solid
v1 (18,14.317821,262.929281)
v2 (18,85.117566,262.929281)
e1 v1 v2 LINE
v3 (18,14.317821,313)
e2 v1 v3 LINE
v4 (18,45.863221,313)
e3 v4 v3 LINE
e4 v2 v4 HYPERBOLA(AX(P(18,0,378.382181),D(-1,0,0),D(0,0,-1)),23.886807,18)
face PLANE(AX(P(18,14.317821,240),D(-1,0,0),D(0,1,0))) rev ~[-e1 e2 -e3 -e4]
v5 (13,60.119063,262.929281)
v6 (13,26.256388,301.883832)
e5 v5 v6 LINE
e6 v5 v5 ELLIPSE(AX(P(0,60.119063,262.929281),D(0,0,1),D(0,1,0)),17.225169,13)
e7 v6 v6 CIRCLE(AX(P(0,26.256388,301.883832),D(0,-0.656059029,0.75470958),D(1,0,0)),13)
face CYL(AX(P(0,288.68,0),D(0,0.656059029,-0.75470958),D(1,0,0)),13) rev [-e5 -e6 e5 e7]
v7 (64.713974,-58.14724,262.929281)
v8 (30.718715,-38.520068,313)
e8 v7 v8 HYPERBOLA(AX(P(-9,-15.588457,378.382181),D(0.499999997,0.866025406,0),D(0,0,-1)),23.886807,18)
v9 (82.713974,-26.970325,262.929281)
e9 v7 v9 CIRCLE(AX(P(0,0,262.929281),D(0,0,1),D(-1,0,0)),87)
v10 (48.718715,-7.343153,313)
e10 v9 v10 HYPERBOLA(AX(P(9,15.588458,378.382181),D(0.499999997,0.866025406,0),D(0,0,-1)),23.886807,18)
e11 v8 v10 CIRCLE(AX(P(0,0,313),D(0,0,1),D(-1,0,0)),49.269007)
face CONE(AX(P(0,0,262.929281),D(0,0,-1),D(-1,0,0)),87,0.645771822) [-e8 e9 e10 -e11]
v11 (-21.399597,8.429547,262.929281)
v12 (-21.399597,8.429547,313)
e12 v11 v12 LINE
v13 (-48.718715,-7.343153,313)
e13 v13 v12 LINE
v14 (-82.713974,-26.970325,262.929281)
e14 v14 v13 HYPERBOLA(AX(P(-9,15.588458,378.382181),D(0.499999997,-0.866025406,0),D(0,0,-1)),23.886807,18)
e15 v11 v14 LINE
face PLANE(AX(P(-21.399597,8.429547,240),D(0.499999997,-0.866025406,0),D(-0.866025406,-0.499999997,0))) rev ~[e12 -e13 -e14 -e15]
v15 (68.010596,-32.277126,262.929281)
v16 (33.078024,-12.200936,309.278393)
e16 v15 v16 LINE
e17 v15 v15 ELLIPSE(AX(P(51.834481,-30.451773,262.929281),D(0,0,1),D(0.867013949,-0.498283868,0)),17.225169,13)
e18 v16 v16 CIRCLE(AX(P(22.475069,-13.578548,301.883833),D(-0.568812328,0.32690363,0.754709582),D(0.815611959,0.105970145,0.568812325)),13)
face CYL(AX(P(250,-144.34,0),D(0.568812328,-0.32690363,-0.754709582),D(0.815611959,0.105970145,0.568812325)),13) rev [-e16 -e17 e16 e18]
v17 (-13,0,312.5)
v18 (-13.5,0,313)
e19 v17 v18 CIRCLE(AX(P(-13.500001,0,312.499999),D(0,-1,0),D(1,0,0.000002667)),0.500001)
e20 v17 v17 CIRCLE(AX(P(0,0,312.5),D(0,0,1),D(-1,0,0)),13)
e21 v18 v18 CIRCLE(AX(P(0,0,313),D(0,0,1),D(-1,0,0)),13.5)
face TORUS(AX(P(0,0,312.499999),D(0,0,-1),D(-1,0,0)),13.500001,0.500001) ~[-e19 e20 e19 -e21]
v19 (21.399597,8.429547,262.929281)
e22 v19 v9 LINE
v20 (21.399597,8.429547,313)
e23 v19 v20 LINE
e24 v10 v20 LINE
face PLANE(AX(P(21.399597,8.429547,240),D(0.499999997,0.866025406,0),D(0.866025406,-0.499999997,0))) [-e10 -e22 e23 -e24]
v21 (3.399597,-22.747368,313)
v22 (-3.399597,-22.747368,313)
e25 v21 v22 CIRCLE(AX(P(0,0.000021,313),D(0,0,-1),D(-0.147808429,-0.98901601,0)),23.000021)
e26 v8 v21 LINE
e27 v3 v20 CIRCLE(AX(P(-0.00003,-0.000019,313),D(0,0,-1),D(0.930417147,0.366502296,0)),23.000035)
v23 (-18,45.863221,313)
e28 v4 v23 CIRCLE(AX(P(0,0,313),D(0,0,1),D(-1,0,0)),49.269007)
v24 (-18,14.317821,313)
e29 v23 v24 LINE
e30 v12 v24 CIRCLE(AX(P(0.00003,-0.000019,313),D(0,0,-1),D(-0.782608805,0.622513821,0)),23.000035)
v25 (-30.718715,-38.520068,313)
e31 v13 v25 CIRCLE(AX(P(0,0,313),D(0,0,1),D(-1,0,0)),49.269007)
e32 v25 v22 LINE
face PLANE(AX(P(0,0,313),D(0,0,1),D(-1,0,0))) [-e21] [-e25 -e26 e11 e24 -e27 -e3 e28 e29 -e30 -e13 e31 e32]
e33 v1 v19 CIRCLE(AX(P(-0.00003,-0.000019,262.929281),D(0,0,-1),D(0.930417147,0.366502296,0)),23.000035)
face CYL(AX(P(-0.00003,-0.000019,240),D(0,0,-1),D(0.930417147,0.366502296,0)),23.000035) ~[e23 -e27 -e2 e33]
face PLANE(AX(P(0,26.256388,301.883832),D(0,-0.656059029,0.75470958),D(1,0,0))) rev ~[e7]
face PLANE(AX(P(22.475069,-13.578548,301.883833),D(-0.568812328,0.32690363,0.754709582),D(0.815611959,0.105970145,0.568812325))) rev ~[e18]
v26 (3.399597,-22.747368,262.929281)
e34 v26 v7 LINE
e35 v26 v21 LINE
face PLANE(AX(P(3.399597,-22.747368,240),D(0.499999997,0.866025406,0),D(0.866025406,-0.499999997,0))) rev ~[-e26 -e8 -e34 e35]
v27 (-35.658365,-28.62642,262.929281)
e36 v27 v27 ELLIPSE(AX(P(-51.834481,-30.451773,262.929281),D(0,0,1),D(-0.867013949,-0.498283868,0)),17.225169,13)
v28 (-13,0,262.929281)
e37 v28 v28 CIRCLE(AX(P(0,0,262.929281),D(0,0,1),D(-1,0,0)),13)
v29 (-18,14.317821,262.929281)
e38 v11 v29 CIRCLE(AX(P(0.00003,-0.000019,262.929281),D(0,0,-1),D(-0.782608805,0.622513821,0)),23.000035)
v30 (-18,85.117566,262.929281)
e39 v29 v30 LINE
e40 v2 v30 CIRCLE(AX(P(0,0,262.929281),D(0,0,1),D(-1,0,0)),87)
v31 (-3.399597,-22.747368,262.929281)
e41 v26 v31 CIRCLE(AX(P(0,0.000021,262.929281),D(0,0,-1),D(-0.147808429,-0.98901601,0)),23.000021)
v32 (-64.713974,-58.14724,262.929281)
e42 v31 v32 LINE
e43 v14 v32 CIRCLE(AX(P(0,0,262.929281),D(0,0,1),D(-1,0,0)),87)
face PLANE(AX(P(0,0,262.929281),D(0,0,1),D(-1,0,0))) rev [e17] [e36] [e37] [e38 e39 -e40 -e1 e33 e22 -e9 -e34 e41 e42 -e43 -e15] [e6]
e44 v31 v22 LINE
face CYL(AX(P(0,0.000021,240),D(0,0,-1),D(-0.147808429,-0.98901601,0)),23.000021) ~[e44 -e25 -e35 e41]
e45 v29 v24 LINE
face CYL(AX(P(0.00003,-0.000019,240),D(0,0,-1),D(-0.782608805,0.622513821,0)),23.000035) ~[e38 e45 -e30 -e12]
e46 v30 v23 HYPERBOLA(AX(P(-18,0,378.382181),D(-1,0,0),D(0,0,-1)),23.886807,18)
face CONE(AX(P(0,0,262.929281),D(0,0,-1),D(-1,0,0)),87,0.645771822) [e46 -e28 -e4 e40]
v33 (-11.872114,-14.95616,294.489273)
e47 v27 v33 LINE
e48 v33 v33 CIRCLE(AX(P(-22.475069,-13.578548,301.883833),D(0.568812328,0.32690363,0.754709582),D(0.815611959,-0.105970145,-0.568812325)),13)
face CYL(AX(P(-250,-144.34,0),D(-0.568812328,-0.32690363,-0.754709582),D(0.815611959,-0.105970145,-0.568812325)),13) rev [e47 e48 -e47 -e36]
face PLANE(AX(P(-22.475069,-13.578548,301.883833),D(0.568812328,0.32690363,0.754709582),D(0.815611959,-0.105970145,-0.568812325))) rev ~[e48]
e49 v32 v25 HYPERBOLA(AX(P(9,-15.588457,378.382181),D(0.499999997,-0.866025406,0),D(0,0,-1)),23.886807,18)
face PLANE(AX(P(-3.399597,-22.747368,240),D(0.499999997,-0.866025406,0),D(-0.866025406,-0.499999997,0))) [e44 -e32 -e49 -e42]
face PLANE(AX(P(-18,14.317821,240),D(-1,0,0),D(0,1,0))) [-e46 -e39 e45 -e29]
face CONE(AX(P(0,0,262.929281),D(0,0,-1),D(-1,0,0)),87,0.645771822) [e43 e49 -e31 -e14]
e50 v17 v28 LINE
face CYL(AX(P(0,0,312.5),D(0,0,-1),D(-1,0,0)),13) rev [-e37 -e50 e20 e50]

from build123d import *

# Parameters (mm, degrees)
PAD003_DEPTH                = 100
PAD002_DEPTH                = 100
PAD001_DEPTH                = 100
CYLINDER009_R               = 13
CYLINDER009_DEPTH           = 400
CYLINDER009_ROLL_ANGLE      = -23.419924
CYLINDER009_PITCH_ANGLE     = -34.667447
CYLINDER009_PLACEMENT_ANGLE = 7.402808
CYLINDER012_R               = 13
CYLINDER012_DEPTH           = 400
CYLINDER012_PLACEMENT_ANGLE = 41
CYLINDER013_R               = 13
CYLINDER013_DEPTH           = 400
CYLINDER013_ROLL_ANGLE      = -23.419924
CYLINDER013_PITCH_ANGLE     = 34.667447
CYLINDER013_PLACEMENT_ANGLE = -7.402808


with BuildPart() as body004:
    # Sketch005 → Pad003 (new body)
    with BuildSketch(Plane.XY):
        with BuildLine():
            ThreePointArc((86.165943, -28.96332), (78.724727, 45.451743), (18, 89.103555))
            Line((18, 14.317821), (18, 89.103555))
            ThreePointArc((21.399597, 8.429547), (19.918584, 11.5), (18, 14.317821))
            Line((21.399597, 8.429547), (86.165943, -28.96332))
        make_face()
    extrude(amount=PAD003_DEPTH)


with BuildPart() as body003:
    # Sketch006 → Pad002 (new body)
    with BuildSketch(Plane.XY):
        with BuildLine():
            Line((-3.399597, -22.747368), (-68.165943, -60.140235))
            ThreePointArc((-68.165943, -60.140235), (0, -90.903485), (68.165943, -60.140235))
            Line((3.399597, -22.747368), (68.165943, -60.140235))
            ThreePointArc((-3.399597, -22.747368), (0, -23), (3.399597, -22.747368))
        make_face()
    extrude(amount=PAD002_DEPTH)


with BuildPart() as fusion002:
    # Sketch004 → Pad001 (new body)
    with BuildSketch(Plane.XY):
        with BuildLine():
            Line((-21.399597, 8.429547), (-86.165943, -28.96332))
            ThreePointArc((-18, 89.103555), (-78.724727, 45.451743), (-86.165943, -28.96332))
            Line((-18, 14.317821), (-18, 89.103555))
            ThreePointArc((-18, 14.317821), (-19.918584, 11.5), (-21.399597, 8.429547))
        make_face()
    extrude(amount=PAD001_DEPTH)

    # Fusion002: union Body004, Body003
    add(body004.part)
    add(body003.part)


with BuildPart() as fusion002_1:
    # Fusion002 placement: moved
    add(fusion002.part.moved(Location((0, 0, 240))))


with BuildPart() as cylinder009:
    # Cylinder009 → Cylinder009 (new body)
    with BuildSketch(Plane.XY):
        Circle(CYLINDER009_R)
    extrude(amount=CYLINDER009_DEPTH)


with BuildPart() as cylinder009_1:
    # Cylinder009 roll: moved
    add(cylinder009.part.rotate(Axis((0, 0, 0), (1, 0, 0)), CYLINDER009_ROLL_ANGLE))


with BuildPart() as cylinder009_2:
    # Cylinder009 pitch: moved
    add(cylinder009_1.part.rotate(Axis((0, 0, 0), (0, 1, 0)), CYLINDER009_PITCH_ANGLE))


with BuildPart() as cylinder009_3:
    # Cylinder009 placement: moved
    add(cylinder009_2.part.moved(Location((250, -144.34, 0))).rotate(Axis((250, -144.34, 0), (0, 0, 1)), CYLINDER009_PLACEMENT_ANGLE))


with BuildPart() as cylinder012:
    # Cylinder012 → Cylinder012 (new body)
    with BuildSketch(Plane.XY):
        Circle(CYLINDER012_R)
    extrude(amount=CYLINDER012_DEPTH)


with BuildPart() as cylinder012_1:
    # Cylinder012 placement: moved
    add(cylinder012.part.moved(Location((0, 288.68, 0))).rotate(Axis((0, 288.68, 0), (1, 0, 0)), CYLINDER012_PLACEMENT_ANGLE))


with BuildPart() as tripod001:
    # Cylinder013 → Cylinder013 (new body)
    with BuildSketch(Plane.XY):
        Circle(CYLINDER013_R)
    extrude(amount=CYLINDER013_DEPTH)


with BuildPart() as tripod001_1:
    # Cylinder013 roll: moved
    add(tripod001.part.rotate(Axis((0, 0, 0), (1, 0, 0)), CYLINDER013_ROLL_ANGLE))


with BuildPart() as tripod001_2:
    # Cylinder013 pitch: moved
    add(tripod001_1.part.rotate(Axis((0, 0, 0), (0, 1, 0)), CYLINDER013_PITCH_ANGLE))


with BuildPart() as tripod001_3:
    # Cylinder013 placement: moved
    add(tripod001_2.part.moved(Location((-250, -144.34, 0))).rotate(Axis((-250, -144.34, 0), (0, 0, 1)), CYLINDER013_PLACEMENT_ANGLE))

    # Fusion001: union Cylinder009, Cylinder012
    add(cylinder009_3.part)
    add(cylinder012_1.part)


with BuildPart() as f_41_tripodsupport:
    # Sketch001 → Revolution002 (revolve)
    with BuildSketch(Plane.XZ):
        with BuildLine():
            Line((-49.269007, 313), (-13.5, 313))
            ThreePointArc((-13, 312.5), (-13.146447, 312.853553), (-13.5, 313))
            Line((-13, 312.5), (-13, 262.929281))
            Line((-13, 262.929281), (-87, 262.929281))
            Line((-87, 262.929281), (-49.269007, 313))
        make_face()
    revolve(axis=Axis((0, 0, 0), (0, 0, 1)))

    # Cut004: cut Tripod001
    add(tripod001_3.part, mode=Mode.SUBTRACT)

    # Cut005: cut Fusion002
    add(fusion002_1.part, mode=Mode.SUBTRACT)


solid = f_41_tripodsupport.part
